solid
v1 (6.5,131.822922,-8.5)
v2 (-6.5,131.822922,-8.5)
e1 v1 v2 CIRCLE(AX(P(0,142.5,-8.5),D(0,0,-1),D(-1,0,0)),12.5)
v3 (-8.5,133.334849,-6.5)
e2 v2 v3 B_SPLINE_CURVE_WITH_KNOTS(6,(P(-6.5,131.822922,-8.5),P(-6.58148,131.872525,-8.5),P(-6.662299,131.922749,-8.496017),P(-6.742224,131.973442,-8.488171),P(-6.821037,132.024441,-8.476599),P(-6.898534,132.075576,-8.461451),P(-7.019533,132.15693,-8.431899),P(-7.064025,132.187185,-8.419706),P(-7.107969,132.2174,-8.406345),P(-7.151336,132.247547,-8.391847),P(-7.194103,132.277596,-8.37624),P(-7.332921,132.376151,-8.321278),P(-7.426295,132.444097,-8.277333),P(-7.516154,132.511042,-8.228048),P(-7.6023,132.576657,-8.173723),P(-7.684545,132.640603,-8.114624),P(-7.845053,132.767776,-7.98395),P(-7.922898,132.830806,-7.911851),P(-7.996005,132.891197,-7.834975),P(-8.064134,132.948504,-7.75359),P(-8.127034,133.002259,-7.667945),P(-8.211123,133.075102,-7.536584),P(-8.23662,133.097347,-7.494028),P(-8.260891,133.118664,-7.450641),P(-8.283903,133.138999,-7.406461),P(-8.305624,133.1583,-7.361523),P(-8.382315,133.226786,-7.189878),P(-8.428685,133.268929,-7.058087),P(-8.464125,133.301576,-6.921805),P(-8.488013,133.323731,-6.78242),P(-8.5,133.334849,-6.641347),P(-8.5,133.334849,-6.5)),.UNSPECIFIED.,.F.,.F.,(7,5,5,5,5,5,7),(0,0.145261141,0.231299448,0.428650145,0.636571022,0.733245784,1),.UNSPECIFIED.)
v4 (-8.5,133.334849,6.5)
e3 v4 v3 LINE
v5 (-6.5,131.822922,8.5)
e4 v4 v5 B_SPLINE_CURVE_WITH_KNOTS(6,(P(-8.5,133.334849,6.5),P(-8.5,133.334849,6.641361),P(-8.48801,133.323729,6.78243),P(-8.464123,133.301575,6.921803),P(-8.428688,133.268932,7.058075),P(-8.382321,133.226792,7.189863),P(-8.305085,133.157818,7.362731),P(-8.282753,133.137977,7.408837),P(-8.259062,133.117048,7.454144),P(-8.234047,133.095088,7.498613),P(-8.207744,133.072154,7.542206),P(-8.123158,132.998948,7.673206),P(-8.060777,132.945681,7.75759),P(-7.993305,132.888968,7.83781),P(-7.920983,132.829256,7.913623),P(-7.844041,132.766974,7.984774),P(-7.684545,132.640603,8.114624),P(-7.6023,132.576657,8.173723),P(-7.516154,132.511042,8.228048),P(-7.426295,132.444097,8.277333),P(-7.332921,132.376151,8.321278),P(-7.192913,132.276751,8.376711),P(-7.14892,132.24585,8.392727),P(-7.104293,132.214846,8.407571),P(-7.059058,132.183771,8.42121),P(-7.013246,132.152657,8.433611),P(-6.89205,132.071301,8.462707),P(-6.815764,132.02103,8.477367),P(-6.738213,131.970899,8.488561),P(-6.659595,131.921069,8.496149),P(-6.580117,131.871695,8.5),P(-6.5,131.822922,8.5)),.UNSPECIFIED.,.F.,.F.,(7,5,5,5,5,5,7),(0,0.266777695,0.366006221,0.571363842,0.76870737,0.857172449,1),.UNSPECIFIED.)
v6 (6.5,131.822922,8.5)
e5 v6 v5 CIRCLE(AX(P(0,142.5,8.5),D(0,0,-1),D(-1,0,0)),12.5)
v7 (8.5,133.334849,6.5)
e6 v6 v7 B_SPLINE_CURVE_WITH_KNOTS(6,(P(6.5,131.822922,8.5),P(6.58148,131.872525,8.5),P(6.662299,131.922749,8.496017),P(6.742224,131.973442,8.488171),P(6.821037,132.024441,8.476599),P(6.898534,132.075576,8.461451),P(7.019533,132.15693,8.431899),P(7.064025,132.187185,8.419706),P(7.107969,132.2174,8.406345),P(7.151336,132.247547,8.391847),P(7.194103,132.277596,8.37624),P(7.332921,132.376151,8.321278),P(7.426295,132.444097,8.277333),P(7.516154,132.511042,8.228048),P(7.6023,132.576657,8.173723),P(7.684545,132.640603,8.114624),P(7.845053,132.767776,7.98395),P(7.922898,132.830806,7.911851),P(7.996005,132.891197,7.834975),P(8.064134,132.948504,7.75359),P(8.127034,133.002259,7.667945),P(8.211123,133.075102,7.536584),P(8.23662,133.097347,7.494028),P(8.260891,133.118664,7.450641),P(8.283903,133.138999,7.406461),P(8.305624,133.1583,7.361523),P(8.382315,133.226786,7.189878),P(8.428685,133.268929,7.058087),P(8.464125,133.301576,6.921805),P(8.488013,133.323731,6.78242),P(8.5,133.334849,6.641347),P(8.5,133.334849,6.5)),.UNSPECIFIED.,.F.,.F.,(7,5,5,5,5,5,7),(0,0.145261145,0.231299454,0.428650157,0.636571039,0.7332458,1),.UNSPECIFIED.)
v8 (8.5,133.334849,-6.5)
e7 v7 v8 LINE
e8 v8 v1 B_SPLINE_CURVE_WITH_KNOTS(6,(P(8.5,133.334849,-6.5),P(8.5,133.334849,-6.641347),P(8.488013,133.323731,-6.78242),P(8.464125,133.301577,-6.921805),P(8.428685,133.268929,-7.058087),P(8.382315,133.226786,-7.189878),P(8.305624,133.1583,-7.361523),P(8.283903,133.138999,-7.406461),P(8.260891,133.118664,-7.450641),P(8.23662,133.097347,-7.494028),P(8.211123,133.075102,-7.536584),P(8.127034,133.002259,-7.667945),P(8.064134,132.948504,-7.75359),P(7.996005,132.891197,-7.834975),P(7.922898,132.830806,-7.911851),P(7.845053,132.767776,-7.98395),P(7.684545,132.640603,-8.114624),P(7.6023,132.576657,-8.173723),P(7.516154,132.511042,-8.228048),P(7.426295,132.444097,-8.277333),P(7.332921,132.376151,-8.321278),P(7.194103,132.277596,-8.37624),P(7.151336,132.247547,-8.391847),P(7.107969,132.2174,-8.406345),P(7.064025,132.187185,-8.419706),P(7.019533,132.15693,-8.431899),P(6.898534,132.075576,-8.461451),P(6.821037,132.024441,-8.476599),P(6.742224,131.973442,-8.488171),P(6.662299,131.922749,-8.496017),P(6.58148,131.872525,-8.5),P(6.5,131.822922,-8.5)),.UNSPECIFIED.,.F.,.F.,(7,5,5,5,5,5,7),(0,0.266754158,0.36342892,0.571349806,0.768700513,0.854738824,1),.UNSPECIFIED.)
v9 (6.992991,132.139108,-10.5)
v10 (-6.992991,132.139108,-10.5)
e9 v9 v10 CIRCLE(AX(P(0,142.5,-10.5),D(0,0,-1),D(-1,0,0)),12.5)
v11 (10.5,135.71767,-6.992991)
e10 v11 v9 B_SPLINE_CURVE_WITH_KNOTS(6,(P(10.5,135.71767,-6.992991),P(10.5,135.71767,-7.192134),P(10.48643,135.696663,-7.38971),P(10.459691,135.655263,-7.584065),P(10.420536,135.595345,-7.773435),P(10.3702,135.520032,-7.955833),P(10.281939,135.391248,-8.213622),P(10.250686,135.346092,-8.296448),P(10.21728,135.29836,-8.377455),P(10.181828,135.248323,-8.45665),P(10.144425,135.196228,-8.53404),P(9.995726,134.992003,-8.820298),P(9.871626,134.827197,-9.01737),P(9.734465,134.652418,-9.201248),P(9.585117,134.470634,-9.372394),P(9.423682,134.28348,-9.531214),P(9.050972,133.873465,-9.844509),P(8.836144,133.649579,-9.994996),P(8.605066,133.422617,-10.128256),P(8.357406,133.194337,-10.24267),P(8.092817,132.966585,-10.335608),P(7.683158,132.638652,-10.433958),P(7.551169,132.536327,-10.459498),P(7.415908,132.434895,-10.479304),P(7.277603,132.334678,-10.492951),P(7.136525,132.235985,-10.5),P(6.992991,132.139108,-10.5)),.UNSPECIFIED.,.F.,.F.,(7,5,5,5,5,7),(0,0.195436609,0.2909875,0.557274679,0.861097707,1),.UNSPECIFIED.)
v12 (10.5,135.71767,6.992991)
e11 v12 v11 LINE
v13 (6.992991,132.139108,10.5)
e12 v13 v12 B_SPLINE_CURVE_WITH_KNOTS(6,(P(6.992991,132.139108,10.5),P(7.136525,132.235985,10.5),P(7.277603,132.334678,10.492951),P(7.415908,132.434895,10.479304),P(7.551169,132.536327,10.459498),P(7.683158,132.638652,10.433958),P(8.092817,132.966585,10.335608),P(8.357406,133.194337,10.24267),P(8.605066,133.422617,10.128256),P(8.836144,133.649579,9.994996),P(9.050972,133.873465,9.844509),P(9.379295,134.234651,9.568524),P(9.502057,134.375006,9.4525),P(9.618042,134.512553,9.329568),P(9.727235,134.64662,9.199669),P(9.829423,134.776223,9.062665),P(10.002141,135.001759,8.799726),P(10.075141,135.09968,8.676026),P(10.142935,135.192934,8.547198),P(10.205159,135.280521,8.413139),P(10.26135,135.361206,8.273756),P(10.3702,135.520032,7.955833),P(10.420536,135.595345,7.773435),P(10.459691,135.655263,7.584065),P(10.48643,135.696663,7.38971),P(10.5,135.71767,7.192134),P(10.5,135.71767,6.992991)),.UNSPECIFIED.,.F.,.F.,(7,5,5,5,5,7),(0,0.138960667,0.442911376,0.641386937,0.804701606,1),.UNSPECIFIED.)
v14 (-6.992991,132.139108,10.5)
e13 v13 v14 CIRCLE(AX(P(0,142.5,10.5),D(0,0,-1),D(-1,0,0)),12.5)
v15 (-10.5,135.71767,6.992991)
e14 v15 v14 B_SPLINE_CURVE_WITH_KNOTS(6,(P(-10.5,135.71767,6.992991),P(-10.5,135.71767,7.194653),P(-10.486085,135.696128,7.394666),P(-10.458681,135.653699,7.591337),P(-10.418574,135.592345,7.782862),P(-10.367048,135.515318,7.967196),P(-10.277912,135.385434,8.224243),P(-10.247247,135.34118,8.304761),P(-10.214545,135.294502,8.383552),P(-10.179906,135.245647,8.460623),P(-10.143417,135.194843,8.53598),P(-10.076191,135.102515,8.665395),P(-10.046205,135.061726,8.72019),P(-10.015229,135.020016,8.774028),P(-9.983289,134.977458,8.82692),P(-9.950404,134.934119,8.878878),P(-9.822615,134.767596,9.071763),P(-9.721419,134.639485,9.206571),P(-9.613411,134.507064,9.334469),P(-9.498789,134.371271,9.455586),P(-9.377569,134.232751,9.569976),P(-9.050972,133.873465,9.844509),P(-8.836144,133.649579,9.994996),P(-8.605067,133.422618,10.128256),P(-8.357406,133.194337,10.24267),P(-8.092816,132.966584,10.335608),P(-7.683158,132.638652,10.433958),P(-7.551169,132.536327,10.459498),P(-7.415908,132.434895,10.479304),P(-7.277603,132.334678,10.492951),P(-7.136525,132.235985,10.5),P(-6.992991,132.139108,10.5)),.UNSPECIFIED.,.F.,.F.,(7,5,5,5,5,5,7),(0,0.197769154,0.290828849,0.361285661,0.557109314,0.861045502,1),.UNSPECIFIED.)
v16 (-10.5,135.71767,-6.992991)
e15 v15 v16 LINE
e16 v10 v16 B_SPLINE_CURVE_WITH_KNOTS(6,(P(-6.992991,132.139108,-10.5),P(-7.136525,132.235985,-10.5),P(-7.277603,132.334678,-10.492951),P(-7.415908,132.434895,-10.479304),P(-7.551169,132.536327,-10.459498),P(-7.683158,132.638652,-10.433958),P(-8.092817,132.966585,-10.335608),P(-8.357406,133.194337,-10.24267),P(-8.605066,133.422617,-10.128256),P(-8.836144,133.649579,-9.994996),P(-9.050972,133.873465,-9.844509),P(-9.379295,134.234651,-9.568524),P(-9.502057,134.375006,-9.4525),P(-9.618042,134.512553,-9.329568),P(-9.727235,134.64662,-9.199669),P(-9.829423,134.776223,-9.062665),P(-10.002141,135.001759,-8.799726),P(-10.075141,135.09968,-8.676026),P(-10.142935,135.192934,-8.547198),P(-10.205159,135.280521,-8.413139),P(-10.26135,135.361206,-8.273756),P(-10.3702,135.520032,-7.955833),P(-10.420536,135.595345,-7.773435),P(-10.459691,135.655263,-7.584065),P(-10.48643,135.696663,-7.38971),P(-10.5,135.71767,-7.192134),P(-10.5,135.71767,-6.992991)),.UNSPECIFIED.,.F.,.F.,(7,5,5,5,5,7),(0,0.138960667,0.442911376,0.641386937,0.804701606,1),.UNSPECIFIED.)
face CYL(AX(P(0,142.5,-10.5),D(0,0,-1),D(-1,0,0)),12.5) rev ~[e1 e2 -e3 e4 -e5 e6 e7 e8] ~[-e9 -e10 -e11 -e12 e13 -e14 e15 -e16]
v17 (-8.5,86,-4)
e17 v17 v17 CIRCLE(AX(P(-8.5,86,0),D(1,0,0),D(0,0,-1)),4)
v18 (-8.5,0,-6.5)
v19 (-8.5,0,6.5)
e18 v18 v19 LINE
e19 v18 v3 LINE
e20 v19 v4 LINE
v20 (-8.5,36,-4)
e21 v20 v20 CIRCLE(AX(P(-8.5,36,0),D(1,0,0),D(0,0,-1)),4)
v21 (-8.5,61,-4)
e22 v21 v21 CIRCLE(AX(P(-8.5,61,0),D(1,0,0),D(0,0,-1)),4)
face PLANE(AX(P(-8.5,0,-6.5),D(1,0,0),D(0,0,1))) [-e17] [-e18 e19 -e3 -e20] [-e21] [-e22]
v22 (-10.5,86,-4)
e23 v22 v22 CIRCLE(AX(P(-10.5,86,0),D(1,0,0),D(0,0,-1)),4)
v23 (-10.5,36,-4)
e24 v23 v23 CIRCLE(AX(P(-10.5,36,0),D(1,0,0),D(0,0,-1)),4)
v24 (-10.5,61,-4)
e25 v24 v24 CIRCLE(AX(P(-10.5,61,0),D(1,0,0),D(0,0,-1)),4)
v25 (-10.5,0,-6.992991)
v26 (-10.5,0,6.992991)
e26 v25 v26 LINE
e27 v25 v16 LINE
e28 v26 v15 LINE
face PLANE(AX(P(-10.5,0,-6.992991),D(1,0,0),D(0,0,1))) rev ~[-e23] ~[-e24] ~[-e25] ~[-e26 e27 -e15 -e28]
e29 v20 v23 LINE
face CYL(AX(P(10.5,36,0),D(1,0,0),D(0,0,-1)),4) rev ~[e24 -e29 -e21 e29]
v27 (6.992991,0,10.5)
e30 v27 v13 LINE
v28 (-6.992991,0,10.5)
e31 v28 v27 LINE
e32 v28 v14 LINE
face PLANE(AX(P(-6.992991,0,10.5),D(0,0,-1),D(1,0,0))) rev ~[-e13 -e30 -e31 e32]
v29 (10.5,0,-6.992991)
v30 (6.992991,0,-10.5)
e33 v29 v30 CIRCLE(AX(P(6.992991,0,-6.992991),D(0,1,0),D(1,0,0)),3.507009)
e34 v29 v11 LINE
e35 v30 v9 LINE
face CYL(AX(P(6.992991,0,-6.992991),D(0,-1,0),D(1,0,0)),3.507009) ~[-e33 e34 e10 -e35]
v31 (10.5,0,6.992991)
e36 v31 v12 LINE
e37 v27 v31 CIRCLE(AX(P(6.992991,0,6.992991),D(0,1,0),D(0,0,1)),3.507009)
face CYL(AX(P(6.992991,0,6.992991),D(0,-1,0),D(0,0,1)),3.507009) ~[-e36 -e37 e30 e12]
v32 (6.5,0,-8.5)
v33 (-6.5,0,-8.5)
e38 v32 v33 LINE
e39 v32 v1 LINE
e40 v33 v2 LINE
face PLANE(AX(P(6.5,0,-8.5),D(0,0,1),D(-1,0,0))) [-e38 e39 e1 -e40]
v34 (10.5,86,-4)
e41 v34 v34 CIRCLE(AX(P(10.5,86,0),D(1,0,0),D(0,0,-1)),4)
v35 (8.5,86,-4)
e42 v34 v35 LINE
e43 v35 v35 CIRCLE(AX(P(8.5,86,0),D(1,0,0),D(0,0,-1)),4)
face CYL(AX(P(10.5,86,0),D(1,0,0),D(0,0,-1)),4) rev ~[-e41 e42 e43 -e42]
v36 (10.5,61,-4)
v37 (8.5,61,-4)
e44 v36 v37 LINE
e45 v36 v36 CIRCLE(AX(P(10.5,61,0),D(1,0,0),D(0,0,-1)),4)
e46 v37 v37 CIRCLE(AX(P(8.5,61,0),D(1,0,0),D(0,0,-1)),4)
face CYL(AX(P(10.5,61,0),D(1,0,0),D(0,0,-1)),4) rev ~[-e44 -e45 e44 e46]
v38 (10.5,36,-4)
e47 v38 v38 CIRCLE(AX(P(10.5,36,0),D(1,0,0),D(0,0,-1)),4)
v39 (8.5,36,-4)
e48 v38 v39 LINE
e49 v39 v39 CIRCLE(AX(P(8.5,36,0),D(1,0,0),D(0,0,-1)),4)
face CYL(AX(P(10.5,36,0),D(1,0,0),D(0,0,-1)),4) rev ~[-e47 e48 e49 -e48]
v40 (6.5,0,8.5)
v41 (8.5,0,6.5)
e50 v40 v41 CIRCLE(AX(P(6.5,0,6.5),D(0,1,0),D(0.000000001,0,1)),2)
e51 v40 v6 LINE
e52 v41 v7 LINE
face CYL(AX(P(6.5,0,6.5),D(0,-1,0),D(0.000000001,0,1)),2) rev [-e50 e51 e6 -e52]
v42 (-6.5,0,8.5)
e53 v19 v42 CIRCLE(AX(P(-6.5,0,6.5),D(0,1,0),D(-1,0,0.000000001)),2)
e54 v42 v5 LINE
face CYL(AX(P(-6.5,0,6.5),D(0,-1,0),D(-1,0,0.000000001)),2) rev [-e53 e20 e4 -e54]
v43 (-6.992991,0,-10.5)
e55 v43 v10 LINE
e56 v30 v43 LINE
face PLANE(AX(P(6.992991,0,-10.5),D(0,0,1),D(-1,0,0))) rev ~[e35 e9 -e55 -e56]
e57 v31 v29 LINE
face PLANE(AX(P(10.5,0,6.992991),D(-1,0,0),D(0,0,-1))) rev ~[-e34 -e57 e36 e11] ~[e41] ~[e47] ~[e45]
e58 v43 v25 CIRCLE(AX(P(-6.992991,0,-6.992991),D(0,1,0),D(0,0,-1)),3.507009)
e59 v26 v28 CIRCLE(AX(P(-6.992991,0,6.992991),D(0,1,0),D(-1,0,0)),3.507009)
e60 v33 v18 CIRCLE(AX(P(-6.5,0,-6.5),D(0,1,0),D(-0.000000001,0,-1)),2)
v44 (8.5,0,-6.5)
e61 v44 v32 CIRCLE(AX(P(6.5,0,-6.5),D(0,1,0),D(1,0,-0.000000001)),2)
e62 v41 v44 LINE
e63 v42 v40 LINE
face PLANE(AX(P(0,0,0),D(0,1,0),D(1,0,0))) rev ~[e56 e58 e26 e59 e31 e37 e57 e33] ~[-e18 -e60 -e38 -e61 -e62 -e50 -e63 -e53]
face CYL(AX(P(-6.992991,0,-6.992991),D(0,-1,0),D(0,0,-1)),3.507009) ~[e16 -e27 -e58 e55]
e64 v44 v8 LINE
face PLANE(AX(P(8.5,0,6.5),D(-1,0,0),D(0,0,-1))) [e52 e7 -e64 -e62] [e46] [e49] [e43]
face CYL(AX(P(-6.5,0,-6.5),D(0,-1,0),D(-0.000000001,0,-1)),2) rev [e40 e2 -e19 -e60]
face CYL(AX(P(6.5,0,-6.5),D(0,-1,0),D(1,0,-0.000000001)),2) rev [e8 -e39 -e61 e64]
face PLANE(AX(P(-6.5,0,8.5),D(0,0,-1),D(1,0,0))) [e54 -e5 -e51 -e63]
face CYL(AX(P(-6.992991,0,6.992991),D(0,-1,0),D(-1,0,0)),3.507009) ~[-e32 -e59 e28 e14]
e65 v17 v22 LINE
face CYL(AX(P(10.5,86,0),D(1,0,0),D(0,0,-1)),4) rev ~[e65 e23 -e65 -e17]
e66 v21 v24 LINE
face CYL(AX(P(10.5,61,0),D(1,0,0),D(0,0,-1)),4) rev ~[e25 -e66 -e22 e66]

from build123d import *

# Parameters (mm, degrees)
EXTRUDE_1_DEPTH     = 140
SKETCH_2_R          = 12.5
CUT_EXTRUDE_1_DEPTH = 142.955098535
SKETCH_3_R          = 4
CUT_EXTRUDE_2_DEPTH = 138.73356885


with BuildPart() as part:
    # Эскиз1 → Бобышка-Вытянуть1 (new body)
    with BuildSketch(Plane(origin=(0, 0, 0), x_dir=(1, 0, 0), z_dir=(0, 1, 0))):
        with BuildLine():
            Line((-6.992990841, -10.5), (6.992990841, -10.5))
            ThreePointArc((6.992990841, -10.5), (9.472820799, -9.472820799), (10.5, -6.992990841))
            Line((10.5, -6.992990841), (10.5, 6.992990841))
            ThreePointArc((10.5, 6.992990841), (9.472820799, 9.472820799), (6.992990841, 10.5))
            Line((6.992990841, 10.5), (-6.992990841, 10.5))
            ThreePointArc((-6.992990841, 10.5), (-9.472820799, 9.472820799), (-10.5, 6.992990841))
            Line((-10.5, 6.992990841), (-10.5, -6.992990841))
            ThreePointArc((-10.5, -6.992990841), (-9.472820799, -9.472820799), (-6.992990841, -10.5))
        make_face()
        with BuildLine():
            Line((6.5, 8.5), (-6.5, 8.5))
            ThreePointArc((-6.5, 8.5), (-7.914213562, 7.914213562), (-8.5, 6.5))
            Line((-8.5, 6.5), (-8.5, -6.5))
            ThreePointArc((-8.5, -6.5), (-7.914213562, -7.914213562), (-6.5, -8.5))
            Line((-6.5, -8.5), (6.5, -8.5))
            ThreePointArc((6.5, -8.5), (7.914213562, -7.914213562), (8.5, -6.5))
            Line((8.5, -6.5), (8.5, 6.5))
            ThreePointArc((8.5, 6.5), (7.914213562, 7.914213562), (6.5, 8.5))
        make_face(mode=Mode.SUBTRACT)
    extrude(amount=EXTRUDE_1_DEPTH)

    # Эскиз2 → Вырез-Вытянуть1 (cut, through all)
    with BuildSketch(Plane(origin=(0, 0, -10.5), x_dir=(-1, 0, 0), z_dir=(0, 0, -1))):
        with Locations((0, 142.5)):
            Circle(SKETCH_2_R)
    extrude(amount=-CUT_EXTRUDE_1_DEPTH, mode=Mode.SUBTRACT)

    # Эскиз3 → Вырез-Вытянуть2 (cut, through all)
    with BuildSketch(Plane(origin=(10.5, 0, 0), x_dir=(0, 0, -1), z_dir=(1, 0, 0))):
        with Locations((0, 36)):
            Circle(SKETCH_3_R)
        with Locations((0, 61)):
            Circle(SKETCH_3_R)
        with Locations((0, 86)):
            Circle(SKETCH_3_R)
    extrude(amount=-CUT_EXTRUDE_2_DEPTH, mode=Mode.SUBTRACT)


solid = part.part
